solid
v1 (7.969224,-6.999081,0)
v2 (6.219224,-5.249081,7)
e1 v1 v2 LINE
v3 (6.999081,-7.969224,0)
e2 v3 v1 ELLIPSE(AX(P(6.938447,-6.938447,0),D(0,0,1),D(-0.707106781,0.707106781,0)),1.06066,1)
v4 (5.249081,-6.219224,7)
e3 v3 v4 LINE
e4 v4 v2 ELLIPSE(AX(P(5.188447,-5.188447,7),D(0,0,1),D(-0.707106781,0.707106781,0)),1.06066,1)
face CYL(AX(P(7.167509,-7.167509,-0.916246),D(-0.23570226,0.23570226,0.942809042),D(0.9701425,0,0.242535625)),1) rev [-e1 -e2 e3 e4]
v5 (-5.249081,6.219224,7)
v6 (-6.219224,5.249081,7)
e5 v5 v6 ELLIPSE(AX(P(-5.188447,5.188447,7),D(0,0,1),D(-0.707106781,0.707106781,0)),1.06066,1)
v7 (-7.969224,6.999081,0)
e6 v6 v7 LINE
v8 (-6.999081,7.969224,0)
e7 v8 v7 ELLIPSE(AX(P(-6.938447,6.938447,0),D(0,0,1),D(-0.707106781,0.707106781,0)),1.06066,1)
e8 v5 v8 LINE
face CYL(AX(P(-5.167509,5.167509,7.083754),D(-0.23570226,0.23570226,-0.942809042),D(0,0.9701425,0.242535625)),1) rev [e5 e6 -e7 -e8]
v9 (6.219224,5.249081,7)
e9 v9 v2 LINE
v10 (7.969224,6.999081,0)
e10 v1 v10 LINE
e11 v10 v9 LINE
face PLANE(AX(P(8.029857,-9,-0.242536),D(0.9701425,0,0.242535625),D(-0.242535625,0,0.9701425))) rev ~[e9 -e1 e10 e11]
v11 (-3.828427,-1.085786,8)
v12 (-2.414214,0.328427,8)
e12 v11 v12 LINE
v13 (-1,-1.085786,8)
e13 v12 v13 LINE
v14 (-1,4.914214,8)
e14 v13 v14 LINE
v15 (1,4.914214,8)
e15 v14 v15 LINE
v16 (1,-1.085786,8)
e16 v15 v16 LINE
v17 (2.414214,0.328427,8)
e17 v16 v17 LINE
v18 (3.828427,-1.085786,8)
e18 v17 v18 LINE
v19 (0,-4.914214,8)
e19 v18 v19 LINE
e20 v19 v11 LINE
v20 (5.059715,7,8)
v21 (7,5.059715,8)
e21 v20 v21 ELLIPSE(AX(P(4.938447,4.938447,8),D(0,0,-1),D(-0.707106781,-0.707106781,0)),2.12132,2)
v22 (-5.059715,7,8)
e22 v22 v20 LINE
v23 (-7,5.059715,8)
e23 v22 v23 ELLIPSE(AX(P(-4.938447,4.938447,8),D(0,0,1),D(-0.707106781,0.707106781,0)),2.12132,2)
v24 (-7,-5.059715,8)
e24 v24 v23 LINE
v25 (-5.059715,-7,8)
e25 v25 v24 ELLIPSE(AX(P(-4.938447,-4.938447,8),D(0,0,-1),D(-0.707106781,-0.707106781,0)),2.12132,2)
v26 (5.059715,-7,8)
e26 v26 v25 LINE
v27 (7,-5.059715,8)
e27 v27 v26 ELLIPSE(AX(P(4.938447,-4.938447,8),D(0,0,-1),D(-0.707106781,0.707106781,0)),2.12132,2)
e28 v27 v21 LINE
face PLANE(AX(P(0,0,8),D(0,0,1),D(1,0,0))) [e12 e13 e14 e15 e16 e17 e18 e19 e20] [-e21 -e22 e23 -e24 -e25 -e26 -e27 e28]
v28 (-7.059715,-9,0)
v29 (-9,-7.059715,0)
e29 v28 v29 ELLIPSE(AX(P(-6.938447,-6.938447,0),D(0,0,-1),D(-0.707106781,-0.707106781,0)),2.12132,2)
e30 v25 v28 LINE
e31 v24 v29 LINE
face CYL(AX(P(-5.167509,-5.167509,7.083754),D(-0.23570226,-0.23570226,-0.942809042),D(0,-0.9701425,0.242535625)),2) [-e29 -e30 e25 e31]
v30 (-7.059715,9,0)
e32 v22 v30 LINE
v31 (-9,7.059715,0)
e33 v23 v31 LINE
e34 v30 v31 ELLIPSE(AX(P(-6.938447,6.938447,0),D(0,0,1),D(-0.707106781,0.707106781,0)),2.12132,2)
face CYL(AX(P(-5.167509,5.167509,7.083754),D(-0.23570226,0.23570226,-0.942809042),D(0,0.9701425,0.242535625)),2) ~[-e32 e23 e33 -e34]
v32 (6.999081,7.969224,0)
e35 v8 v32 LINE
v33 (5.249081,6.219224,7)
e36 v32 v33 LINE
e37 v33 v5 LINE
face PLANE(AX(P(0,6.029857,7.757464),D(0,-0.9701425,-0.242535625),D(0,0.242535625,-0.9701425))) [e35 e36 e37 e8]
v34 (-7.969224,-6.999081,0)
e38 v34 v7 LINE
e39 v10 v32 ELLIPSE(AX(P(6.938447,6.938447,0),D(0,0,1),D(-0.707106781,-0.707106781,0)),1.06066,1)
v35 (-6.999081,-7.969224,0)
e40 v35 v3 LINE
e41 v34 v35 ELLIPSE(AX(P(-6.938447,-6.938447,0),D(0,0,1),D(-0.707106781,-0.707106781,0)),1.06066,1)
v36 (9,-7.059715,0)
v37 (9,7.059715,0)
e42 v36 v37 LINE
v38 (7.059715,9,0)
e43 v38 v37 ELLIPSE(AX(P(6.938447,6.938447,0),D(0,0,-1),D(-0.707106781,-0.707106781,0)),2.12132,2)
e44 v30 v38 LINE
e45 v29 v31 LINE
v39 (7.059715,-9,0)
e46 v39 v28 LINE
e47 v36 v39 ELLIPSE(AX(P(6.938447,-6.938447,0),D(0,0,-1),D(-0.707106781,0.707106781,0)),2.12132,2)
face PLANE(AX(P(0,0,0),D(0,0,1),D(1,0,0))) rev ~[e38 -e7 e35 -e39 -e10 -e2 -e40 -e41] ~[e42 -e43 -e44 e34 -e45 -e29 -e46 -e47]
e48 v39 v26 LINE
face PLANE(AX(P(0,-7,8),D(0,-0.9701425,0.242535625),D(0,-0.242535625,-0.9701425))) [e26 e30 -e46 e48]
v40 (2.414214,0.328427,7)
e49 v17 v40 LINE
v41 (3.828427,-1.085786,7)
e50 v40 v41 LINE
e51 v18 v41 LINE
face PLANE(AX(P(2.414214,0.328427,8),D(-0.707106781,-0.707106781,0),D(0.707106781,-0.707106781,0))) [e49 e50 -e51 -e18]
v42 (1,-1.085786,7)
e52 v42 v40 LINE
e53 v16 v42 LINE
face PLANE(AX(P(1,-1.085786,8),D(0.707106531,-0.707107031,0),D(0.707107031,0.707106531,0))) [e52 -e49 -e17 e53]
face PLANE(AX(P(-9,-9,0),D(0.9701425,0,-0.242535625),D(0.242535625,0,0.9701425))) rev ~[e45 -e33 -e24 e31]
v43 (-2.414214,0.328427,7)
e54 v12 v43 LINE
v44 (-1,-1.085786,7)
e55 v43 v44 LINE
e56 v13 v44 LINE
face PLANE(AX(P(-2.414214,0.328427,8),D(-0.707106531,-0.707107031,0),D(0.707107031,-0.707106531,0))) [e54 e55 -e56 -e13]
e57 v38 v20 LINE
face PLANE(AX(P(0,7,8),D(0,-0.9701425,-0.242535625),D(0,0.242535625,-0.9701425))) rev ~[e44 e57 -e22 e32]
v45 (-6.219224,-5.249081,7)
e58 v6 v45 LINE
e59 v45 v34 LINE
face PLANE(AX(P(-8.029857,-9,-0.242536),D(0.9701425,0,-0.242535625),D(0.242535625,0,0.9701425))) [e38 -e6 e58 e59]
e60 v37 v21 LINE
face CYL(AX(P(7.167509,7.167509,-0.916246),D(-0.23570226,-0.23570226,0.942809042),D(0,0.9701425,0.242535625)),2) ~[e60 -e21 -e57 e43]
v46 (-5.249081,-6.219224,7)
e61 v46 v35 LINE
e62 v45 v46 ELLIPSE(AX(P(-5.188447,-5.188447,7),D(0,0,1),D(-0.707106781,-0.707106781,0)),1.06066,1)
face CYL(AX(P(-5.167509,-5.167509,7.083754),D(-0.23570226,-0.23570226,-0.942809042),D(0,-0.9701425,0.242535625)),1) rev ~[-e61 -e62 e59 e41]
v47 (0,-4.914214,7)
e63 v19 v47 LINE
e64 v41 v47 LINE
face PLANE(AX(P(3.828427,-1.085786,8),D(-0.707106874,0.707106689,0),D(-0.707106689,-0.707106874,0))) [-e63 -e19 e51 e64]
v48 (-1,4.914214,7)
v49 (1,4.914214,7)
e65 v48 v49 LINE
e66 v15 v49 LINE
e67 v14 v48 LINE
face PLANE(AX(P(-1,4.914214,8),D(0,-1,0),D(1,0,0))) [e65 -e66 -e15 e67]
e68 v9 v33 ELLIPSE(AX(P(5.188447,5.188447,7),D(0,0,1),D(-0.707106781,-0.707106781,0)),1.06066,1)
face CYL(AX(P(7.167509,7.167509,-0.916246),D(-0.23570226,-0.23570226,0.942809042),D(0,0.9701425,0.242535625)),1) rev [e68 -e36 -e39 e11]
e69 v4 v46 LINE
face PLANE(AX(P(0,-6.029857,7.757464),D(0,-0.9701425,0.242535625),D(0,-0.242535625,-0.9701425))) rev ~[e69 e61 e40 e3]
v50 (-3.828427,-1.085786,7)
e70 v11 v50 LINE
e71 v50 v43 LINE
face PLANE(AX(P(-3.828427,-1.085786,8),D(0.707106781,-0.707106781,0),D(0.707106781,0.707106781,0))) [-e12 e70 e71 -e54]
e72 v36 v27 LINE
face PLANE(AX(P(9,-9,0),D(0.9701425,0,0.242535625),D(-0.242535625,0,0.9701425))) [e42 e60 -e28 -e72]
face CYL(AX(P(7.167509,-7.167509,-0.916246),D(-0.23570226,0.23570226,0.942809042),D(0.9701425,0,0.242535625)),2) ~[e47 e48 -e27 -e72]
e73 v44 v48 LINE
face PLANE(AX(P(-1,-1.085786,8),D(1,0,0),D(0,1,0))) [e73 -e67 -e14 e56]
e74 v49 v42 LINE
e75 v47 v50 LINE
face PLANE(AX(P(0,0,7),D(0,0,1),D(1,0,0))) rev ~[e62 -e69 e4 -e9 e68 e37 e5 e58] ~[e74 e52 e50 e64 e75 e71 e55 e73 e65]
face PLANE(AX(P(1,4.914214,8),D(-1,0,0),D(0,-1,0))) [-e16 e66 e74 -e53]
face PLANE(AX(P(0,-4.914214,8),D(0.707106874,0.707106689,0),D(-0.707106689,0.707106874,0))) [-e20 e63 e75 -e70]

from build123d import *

# Parameters (mm, degrees)
SKETCH_W             = 18
SKETCH_H             = 18
PAD_DEPTH            = 8
POCKET_DEPTH         = 18.001
POCKET001_DEPTH      = 9.001
POCKET001_DEPTH_BACK = 9.001
FILLET_R             = 2
THICKNESS_T          = -1
POCKET002_DEPTH      = 5.01


with BuildPart() as part:
    # Sketch → Pad (new body)
    with BuildSketch(Plane.XY):
        Rectangle(SKETCH_W, SKETCH_H)
    extrude(amount=PAD_DEPTH)

    # Sketch001 (on Face1 of Pad) → Pocket (cut, through all)
    with BuildSketch(Plane.XZ.offset(9)):
        Polygon((-9, 8), (-9, 0), (-7, 8), align=None)
        Polygon((9, 8), (9, 0), (7, 8), align=None)
    extrude(amount=-POCKET_DEPTH, mode=Mode.SUBTRACT)

    # Sketch002 → Pocket001 (cut, two sides)
    with BuildSketch(Plane.YZ) as pocket001_sk:
        Polygon((-9, 8), (-7, 8), (-9, 0), align=None)
        Polygon((9, 8), (7, 8), (9, 0), align=None)
    extrude(amount=-POCKET001_DEPTH, mode=Mode.SUBTRACT)
    extrude(pocket001_sk.sketch, amount=POCKET001_DEPTH_BACK, mode=Mode.SUBTRACT)

    # Fillet
    fillet_edges = [part.edges().sort_by_distance(p)[0] for p in [
        (-8, 8, 4),
        (-8, -8, 4),
        (8, -8, 4),
        (8, 8, 4),
    ]]
    fillet(fillet_edges, radius=FILLET_R)

    # Thickness
    thickness_openings = [part.faces().sort_by_distance(p)[0] for p in [
        (0, 0, 0),
    ]]
    offset(amount=THICKNESS_T, openings=thickness_openings, kind=Kind.INTERSECTION)

    # Sketch003 (on Face9 of Thickness) → Pocket002 (cut)
    with BuildSketch(Plane.XY.offset(8)):
        Polygon((-1, 4.914214), (1, 4.914214), (1, -1.085786), (2.414214, 0.328427), (3.828427, -1.085786), (0, -4.914214), (-3.828427, -1.085786), (-2.414214, 0.328427), (-1, -1.085786), align=None)
    extrude(amount=-POCKET002_DEPTH, mode=Mode.SUBTRACT)


solid = part.part
